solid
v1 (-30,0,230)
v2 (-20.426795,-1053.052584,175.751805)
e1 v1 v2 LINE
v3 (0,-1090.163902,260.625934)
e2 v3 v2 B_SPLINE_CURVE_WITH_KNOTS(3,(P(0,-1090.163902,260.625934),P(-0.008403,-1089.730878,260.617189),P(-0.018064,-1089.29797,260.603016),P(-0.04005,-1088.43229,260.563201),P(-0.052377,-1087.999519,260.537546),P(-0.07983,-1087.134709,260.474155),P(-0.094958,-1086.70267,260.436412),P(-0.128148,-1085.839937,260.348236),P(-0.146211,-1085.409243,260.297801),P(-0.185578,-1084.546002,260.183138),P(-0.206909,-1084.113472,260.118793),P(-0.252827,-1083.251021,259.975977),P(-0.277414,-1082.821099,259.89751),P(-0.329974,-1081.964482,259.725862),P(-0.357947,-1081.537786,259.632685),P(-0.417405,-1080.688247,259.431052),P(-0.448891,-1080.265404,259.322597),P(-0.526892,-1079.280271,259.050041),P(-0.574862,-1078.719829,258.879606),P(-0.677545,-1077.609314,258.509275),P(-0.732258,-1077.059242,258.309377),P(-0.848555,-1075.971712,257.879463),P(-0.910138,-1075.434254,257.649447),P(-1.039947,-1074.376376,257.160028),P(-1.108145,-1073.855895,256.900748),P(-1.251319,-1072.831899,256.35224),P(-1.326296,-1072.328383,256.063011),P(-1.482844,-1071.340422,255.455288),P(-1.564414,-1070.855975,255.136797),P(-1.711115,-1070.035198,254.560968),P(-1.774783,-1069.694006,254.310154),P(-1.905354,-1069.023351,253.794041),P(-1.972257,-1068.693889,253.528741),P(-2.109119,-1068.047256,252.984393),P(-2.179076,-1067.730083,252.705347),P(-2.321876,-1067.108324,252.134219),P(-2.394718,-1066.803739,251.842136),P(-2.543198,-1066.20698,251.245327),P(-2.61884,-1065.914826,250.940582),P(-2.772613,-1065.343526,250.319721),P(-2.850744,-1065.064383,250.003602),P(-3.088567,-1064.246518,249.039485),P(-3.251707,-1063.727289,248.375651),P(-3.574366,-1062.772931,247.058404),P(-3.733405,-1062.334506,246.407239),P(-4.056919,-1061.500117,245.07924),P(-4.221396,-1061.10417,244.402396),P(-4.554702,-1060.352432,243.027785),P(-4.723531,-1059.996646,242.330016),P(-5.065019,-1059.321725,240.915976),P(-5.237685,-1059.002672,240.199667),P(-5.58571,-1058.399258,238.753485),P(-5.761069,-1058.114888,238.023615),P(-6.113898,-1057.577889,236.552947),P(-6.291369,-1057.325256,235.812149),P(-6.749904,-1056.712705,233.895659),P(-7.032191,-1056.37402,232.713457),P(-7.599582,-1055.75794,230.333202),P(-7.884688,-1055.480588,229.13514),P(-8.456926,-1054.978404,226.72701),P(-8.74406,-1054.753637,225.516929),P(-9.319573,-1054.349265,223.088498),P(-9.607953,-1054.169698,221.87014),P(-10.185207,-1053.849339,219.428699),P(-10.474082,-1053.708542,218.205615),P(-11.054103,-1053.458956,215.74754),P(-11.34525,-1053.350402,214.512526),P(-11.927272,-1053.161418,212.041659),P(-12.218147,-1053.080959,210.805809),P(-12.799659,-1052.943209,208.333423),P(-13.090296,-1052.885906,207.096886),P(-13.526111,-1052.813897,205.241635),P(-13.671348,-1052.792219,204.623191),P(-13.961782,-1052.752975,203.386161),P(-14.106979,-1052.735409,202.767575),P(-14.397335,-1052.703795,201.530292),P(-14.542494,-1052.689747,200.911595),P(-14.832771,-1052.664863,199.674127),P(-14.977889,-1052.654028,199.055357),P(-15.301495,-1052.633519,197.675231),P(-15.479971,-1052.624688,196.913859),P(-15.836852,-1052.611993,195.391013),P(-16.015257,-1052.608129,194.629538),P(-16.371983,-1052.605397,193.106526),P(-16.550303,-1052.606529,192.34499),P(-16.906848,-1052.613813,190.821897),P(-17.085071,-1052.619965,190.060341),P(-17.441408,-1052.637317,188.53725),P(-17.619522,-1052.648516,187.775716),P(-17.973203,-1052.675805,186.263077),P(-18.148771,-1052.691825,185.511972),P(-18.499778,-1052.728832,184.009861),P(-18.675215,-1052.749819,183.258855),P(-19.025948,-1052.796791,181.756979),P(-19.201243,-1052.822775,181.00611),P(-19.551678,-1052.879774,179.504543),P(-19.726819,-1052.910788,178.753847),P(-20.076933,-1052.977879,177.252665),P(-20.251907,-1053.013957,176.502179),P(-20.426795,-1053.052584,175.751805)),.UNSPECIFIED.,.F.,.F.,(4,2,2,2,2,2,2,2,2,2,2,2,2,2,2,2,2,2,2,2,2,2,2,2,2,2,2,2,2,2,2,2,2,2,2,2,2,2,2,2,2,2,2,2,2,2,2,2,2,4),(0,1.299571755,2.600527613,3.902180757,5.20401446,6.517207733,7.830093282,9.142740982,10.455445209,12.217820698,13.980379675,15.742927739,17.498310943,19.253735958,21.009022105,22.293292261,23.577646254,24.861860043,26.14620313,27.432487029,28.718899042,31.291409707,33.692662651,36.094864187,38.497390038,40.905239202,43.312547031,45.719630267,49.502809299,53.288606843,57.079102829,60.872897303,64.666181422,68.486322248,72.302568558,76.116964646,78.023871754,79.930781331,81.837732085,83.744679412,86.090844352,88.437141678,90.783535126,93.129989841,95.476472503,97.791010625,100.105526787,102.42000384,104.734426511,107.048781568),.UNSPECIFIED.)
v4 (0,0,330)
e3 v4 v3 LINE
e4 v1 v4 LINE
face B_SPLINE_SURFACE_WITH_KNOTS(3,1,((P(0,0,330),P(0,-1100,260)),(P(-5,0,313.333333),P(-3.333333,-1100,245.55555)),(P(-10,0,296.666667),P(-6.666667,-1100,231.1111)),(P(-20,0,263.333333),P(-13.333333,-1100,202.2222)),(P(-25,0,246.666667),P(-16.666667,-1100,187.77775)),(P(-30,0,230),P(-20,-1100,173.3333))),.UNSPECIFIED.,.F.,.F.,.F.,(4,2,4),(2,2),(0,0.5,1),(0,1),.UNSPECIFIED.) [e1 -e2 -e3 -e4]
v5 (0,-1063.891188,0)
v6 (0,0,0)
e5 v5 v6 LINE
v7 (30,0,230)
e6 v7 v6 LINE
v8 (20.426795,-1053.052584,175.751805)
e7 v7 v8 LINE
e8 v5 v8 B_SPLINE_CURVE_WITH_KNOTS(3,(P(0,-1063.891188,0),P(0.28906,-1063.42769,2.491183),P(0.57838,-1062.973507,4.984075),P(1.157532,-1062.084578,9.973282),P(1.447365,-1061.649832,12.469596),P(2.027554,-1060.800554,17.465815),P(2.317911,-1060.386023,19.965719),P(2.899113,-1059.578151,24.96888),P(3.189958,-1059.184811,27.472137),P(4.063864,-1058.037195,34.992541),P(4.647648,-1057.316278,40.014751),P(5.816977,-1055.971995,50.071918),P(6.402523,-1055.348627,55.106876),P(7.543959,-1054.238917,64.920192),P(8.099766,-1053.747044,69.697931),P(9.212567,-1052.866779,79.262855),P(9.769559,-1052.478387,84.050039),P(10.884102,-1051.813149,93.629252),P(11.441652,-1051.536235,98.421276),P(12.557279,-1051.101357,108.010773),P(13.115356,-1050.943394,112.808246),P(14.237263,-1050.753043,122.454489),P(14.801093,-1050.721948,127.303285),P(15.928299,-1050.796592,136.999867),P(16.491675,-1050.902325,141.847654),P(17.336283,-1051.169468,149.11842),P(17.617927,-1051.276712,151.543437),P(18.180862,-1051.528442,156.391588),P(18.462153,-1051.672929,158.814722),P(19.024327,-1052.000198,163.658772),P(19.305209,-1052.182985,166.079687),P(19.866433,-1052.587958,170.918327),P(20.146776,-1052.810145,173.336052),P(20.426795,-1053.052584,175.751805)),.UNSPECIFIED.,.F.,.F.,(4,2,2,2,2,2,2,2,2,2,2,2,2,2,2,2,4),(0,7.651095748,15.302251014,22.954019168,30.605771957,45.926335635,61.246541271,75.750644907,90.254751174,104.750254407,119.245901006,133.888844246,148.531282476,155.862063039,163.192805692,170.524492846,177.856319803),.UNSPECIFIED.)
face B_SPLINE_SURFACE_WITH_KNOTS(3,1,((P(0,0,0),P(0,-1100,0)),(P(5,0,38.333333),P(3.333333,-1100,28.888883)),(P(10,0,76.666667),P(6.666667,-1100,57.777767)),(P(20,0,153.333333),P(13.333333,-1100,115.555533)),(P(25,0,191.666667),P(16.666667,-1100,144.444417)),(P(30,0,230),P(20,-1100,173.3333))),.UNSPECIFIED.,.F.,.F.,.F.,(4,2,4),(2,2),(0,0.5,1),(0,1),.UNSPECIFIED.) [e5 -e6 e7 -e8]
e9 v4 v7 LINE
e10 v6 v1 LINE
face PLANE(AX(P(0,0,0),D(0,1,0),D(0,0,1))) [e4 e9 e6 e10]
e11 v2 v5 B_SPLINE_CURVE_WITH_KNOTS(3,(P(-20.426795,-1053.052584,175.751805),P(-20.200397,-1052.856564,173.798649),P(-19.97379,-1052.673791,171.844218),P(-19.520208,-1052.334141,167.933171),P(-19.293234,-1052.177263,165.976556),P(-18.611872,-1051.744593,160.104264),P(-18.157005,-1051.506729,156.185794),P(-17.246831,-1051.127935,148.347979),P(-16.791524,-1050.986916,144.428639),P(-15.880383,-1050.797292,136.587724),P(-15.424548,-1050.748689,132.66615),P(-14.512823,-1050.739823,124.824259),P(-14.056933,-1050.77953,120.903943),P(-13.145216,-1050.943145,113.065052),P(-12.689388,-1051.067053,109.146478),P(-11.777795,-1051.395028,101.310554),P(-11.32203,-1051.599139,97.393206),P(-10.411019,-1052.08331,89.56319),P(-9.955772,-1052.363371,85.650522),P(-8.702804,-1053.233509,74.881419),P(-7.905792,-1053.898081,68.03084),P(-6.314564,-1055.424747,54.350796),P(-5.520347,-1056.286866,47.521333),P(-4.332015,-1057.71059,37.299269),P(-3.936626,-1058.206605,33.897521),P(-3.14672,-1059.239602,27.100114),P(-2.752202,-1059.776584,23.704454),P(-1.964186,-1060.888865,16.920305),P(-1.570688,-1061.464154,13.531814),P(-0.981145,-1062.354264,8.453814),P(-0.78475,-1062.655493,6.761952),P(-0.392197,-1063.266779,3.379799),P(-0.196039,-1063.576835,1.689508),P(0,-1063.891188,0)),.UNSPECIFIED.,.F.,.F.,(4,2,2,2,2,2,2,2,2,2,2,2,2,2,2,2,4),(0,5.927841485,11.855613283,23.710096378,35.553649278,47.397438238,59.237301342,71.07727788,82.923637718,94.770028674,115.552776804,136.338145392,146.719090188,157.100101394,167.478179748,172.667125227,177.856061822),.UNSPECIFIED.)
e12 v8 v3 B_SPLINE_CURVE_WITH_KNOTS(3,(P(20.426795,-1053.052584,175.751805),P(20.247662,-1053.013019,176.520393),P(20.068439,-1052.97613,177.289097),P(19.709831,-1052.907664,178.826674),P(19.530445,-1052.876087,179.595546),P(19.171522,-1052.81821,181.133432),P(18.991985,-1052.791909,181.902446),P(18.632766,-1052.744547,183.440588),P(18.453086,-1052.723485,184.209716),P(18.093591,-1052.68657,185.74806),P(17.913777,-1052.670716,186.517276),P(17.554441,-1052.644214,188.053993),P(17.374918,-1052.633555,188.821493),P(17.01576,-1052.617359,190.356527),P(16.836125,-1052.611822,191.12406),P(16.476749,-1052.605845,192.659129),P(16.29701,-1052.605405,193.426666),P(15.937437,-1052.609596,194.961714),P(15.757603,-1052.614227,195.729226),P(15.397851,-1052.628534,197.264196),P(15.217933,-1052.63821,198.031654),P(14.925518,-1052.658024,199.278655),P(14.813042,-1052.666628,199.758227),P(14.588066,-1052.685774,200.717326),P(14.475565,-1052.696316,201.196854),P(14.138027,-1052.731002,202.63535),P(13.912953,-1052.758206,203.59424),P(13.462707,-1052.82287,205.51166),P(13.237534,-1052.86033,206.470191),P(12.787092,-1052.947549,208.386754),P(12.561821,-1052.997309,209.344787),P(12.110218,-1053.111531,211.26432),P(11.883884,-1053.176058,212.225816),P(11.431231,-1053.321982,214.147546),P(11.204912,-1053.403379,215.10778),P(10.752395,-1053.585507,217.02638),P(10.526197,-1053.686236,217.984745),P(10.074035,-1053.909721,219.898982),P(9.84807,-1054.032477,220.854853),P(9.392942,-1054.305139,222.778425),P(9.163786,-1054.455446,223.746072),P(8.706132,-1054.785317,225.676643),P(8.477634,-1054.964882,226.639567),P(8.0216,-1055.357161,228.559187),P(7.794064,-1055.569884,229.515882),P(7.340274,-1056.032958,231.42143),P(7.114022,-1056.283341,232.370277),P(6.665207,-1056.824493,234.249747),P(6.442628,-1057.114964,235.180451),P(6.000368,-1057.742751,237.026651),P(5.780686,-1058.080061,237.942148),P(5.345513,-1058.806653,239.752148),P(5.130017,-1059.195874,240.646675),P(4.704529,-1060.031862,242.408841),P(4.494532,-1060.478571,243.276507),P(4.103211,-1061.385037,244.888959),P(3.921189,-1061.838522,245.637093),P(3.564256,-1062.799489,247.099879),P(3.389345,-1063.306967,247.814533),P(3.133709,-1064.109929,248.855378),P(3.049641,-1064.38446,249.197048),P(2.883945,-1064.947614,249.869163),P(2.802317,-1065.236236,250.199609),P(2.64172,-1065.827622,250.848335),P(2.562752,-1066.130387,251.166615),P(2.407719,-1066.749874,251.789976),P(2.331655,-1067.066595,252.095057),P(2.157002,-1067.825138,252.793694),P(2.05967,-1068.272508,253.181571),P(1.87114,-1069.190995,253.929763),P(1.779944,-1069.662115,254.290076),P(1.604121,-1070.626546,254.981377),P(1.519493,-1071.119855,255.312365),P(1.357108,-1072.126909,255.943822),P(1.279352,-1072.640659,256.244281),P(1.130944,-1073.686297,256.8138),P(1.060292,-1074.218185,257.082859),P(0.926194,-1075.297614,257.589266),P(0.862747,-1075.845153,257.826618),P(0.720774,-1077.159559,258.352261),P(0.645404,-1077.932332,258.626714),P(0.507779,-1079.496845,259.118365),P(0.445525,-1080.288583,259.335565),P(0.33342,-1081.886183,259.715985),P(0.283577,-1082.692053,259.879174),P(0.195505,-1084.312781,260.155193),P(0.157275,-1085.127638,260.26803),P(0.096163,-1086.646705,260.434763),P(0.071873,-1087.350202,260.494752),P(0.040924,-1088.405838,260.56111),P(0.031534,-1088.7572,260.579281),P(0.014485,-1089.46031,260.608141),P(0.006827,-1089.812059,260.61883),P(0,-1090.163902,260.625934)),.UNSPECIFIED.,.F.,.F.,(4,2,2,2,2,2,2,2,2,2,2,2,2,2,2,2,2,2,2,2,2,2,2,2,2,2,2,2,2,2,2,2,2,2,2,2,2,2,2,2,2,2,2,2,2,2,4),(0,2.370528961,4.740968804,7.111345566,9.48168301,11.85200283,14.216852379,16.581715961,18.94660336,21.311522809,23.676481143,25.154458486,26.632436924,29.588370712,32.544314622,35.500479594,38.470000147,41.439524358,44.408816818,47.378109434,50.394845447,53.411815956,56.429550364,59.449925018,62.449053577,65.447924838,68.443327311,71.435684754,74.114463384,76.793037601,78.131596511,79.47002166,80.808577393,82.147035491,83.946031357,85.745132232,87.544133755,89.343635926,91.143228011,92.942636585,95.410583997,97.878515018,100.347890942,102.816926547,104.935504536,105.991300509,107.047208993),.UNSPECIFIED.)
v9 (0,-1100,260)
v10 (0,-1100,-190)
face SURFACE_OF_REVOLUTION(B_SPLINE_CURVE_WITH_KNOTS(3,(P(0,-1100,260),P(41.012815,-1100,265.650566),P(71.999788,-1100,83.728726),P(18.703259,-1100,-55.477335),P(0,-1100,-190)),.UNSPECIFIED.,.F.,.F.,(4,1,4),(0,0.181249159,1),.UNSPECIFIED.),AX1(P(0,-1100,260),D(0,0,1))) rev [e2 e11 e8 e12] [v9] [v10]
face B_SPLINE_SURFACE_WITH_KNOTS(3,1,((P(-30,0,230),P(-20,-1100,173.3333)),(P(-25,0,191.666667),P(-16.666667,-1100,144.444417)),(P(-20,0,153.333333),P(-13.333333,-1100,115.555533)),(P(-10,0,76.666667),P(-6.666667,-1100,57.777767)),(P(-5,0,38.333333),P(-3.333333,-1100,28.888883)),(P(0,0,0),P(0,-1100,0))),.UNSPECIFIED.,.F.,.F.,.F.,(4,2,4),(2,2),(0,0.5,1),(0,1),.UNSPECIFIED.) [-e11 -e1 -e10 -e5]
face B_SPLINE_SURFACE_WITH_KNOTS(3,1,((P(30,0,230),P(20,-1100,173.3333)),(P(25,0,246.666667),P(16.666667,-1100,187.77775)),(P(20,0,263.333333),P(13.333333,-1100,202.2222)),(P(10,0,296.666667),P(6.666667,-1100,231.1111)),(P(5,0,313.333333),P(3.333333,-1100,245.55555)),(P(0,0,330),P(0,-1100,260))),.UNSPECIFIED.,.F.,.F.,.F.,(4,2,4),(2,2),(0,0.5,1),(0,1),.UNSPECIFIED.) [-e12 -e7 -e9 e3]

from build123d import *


with BuildPart() as part:
    # Sketch1 → Loft1 section 0
    with BuildSketch(Plane(origin=(0, 0, 0), x_dir=(1, 0, 0), z_dir=(0, 1, 0))):
        Polygon((0, -330), (30, -230), (0, 0), (-30, -230), align=None)
    # Sketch2 → Loft1 section 1
    with BuildSketch(Plane(origin=(0, -1100, 0), x_dir=(1, 0, 0), z_dir=(0, 1, 0))):
        Polygon((0, 0), (20, -173.3333), (0, -260), (-20, -173.3333), align=None)
    loft()

    # Sketch5 → Revolve1 (revolve)
    with BuildSketch(Plane(origin=(0, -1100, 0), x_dir=(1, 0, 0), z_dir=(0, 1, 0))):
        with BuildLine():
            Line((0, -260), (0, 190))
            add(Edge.make_bspline(
                [(0, -260), (41.012814788, -265.650566116), (71.999788311, -83.728725686), (18.703258949, 55.477334844), (0, 190)],
                knots=[0, 0, 0, 0, 0.181249159, 1, 1, 1, 1], degree=3))
        make_face()
    revolve(axis=Axis((0, -1100, 260), (0, 0, -1)))


solid = part.part
